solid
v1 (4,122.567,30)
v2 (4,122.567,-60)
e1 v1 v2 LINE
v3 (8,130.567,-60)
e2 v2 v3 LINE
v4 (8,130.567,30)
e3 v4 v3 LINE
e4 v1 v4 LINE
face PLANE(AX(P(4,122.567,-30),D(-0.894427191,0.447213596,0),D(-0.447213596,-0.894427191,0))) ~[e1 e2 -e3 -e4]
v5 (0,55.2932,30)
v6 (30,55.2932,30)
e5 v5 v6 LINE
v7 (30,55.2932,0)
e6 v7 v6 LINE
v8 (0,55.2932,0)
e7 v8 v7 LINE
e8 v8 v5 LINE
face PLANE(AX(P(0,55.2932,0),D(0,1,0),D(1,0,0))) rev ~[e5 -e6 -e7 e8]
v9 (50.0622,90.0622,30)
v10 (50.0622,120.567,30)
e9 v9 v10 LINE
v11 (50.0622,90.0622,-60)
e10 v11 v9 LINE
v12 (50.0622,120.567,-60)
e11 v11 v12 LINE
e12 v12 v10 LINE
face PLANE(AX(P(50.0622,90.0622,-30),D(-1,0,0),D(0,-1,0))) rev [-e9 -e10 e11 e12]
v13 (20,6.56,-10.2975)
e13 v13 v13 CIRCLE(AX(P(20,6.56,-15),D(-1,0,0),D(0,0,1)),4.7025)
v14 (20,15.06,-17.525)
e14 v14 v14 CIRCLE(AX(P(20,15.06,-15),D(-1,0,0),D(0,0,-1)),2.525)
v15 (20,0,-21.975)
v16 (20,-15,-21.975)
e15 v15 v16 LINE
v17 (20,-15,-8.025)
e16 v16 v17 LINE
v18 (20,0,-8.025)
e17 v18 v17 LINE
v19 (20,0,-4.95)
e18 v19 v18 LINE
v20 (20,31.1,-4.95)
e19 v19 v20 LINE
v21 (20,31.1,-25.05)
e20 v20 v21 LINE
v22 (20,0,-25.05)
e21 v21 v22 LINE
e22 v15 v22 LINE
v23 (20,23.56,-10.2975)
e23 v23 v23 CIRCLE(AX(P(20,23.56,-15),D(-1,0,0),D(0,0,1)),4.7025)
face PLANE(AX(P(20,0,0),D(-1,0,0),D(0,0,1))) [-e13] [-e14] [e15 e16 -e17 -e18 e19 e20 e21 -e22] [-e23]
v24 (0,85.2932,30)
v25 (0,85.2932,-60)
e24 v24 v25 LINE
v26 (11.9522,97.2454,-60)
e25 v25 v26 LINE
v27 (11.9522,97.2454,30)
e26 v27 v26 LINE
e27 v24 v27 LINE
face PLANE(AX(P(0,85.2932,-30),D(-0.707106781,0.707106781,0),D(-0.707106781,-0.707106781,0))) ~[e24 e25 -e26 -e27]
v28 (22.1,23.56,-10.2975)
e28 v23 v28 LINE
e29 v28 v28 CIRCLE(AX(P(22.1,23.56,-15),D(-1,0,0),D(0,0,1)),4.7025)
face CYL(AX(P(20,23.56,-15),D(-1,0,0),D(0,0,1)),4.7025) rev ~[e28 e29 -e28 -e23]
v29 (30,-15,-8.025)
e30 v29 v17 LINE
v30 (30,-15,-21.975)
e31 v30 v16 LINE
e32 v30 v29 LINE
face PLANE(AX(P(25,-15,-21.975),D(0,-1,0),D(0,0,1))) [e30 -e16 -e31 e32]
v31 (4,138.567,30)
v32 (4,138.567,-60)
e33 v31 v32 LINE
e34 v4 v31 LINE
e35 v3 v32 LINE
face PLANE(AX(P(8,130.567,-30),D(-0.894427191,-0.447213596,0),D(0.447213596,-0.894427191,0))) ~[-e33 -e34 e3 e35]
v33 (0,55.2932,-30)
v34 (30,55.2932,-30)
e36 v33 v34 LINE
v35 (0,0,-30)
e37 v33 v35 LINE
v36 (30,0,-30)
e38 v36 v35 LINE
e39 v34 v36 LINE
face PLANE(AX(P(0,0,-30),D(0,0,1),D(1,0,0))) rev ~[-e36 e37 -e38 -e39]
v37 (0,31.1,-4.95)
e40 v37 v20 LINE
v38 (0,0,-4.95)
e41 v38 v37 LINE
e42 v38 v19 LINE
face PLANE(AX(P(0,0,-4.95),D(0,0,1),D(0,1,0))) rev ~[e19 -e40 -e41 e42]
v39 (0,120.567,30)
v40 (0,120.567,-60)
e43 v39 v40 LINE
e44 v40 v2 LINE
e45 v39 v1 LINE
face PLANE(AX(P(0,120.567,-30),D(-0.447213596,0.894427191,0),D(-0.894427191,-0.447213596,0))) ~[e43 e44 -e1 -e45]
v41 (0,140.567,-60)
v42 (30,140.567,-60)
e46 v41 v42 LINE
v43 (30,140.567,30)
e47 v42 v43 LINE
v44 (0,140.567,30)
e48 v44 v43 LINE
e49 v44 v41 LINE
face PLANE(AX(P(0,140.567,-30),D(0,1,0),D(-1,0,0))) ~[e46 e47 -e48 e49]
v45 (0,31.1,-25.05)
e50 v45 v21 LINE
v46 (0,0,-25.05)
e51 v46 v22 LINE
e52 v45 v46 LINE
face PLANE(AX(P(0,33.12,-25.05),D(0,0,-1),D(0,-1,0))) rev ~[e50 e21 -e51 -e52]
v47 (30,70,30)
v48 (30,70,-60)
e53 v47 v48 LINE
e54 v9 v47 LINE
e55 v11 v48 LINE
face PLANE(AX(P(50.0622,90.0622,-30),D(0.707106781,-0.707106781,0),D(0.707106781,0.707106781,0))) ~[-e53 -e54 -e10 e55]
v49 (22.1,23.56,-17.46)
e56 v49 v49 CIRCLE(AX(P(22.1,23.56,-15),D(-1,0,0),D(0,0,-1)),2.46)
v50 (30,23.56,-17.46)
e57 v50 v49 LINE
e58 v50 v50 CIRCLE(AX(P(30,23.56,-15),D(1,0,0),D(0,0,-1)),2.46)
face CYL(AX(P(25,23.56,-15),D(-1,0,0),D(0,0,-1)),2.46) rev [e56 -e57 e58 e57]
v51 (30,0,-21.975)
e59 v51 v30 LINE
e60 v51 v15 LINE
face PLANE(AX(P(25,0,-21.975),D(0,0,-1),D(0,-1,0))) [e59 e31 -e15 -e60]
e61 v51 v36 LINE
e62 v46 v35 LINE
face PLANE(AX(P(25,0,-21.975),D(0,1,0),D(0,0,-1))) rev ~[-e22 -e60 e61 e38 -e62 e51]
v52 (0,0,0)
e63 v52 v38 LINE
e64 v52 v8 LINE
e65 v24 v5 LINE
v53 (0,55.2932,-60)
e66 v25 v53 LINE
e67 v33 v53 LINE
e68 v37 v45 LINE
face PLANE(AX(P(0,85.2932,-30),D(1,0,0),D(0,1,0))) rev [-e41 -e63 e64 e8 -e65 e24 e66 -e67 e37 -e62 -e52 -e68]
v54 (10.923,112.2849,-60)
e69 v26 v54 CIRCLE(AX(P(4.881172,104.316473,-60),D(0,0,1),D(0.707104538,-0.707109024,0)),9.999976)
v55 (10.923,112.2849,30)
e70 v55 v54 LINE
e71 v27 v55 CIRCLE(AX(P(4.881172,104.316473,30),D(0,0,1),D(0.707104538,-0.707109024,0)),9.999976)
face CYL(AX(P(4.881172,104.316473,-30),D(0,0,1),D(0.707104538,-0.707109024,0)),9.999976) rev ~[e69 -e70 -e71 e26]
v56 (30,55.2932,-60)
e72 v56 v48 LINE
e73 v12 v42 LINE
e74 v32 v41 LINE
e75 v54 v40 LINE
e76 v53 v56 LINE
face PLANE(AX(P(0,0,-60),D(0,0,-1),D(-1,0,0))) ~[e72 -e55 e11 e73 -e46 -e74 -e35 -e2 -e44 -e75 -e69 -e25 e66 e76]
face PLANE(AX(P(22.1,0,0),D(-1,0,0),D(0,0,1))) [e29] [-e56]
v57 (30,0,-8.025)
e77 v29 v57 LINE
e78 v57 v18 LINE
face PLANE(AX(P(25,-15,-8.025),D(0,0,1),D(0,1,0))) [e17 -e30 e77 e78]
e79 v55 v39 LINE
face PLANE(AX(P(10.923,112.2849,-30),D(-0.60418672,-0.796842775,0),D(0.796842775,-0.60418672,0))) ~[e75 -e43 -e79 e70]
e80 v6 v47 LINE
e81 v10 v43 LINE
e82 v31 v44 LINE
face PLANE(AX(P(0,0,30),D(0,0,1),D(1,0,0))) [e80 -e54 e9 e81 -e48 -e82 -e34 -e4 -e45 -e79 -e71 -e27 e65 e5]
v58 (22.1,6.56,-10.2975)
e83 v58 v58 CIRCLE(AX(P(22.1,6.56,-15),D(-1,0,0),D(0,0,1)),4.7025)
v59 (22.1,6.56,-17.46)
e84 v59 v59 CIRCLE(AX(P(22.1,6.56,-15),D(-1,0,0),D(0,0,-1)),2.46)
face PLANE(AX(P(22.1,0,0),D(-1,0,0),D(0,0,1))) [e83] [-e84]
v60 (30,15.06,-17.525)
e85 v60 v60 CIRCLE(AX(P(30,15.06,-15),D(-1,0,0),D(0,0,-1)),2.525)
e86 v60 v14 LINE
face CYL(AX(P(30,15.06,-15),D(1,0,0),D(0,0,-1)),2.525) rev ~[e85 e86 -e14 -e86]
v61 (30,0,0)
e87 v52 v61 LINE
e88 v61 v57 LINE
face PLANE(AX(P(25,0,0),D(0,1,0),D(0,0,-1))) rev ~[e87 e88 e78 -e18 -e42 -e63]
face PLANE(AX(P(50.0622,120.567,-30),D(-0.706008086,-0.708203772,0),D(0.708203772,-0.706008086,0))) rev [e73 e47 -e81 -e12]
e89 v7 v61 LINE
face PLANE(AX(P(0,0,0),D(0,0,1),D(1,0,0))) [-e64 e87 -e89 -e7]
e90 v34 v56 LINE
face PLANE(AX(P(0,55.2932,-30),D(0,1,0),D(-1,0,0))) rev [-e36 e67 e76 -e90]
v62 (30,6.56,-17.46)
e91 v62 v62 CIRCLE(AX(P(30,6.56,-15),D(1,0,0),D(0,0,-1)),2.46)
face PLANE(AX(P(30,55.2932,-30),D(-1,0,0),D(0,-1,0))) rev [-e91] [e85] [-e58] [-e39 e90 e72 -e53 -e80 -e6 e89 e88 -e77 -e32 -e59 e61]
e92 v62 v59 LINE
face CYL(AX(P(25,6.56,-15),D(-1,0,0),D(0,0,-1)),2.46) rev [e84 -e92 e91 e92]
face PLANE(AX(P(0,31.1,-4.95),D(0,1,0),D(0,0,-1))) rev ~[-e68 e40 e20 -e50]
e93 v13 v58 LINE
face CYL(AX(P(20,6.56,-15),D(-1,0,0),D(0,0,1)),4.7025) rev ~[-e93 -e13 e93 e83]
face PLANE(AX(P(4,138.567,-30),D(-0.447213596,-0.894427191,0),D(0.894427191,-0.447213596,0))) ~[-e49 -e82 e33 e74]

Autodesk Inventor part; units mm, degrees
ref_plane "YZ Plane" through (0, 0, 0) normal (1, 0, 0) x (0, 1, 0)
ref_plane "XZ Plane" through (0, 0, 0) normal (0, 1, 0) x (-1, 0, 0)
sketch "Sketch1" plane through (0, 0, 0) normal (0, 0, 1) x (1, 0, 0)
  line L0 (0, 0) -> (25, 0)
  line L1 (25, 0) -> (25, 40)
  line L2 (25, 40) -> (0, 40)
  line L3 (0, 40) -> (0, 0)
  dimension "d1" = 25
  dimension "d2" = 40
  dimension "d3" = 25
extrude "Extrusion1" add sketch "Sketch1" against normal blind 30
sketch "Sketch2" plane through (25, 0, 0) normal (1, 0, 0) x (0, 0, -1)
  line L0 (0, 0) -> (30, 0) projected
  circle A0 centre (15, 6.56) radius 2.46
extrude "Extrusion2" cut sketch "Sketch2" against normal blind 30
sketch "Sketch3" plane through (0, 0, 0) normal (-1, 0, 0) x (0, 0, 1)
  line L0 (0, 0) -> (-30, 0) projected
  line L1 (-25.05, 0) -> (-4.95, 0)
  line L2 (-4.95, 0) -> (-4.95, 33.12)
  line L3 (-4.95, 33.12) -> (-25.05, 33.12)
  line L4 (-25.05, 33.12) -> (-25.05, 0)
  dimension "d11" = 20.1
extrude "Extrusion3" cut sketch "Sketch3" against normal blind 20
sketch "Sketch4" plane through (0, 0, 0) normal (0, -1, 0) x (1, 0, 0)
  line L0 (20, -4.95) -> (20, -25.05) projected
  line L1 (20, -15) -> (25, -15)
  line L2 (25, 0) -> (25, -30) projected
  line L3 (20, -8.025) -> (25, -8.025)
  line L4 (25, -8.025) -> (25, -21.975)
  line L5 (25, -21.975) -> (20, -21.975)
  line L6 (20, -21.975) -> (20, -8.025)
  line L7 (20, -8.025) -> (25, -21.975) construction
  line L8 (25, -8.025) -> (20, -21.975) construction
  line L9 (25, -12.54) -> (25, -17.46) projected
  point P0 (0, 0)
  point P1 (22.5, -15)
  dimension "d14" = 13.95
extrude "Extrusion4" add sketch "Sketch4" along normal blind 15
sketch "Sketch5" plane through (20, 0, 0) normal (-1, 0, 0) x (0, 0, 1)
  circle A0 centre (-15, 6.56) radius 2.46 projected
  circle A1 centre (-15, 6.56) radius 4.7025
  circle A2 centre (-15, 6.56) radius 2.46 projected
  circle A3 centre (-15, 6.56) radius 2.46
  point P0 (0, 0)
  dimension "d17" = 9.405
extrude "Extrusion5" cut sketch "Sketch5" against normal blind 2.1
sketch "Sketch6" plane through (25, 0, 0) normal (1, 0, 0) x (0, 0, -1)
  circle A0 centre (15, 6.56) radius 4.7025 projected
  line L0 (15, 6.56) -> (15, 23.56)
  circle A1 centre (15, 23.56) radius 2.46
  point P0 (0, 0)
  dimension "d20" = 17
  dimension "d21" = 4.92
extrude "Extrusion6" cut sketch "Sketch6" against normal blind 10 contours A1
sketch "Sketch7" plane through (20, 0, 0) normal (-1, 0, 0) x (0, 0, 1)
  circle A0 centre (-15, 23.56) radius 2.46 projected
  circle A1 centre (-15, 23.56) radius 4.7025
  point P0 (0, 0)
  dimension "d24" = 9.405
extrude "Extrusion7" cut sketch "Sketch7" against normal blind 2.1
sketch "Sketch9" plane through (25, 0, 0) normal (1, 0, 0) x (0, 0, -1)
  circle A0 centre (15, 6.56) radius 2.46 projected
  circle A1 centre (15, 6.56) radius 2.46
  circle A2 centre (15, 23.56) radius 2.46 projected
  circle A3 centre (15, 23.56) radius 2.46
  line L0 (30, 40) -> (30, 0) projected
  line L1 (30, 0) -> (30, 40)
  line L2 (30, 40) -> (0, 40)
  line L3 (0, 40) -> (0, 0)
  line L4 (0, 0) -> (8.025, 0) projected
  line L5 (21.975, 0) -> (21.975, -15)
  line L6 (21.975, -15) -> (8.025, -15)
  line L7 (8.025, -15) -> (8.025, 0)
  line L8 (0, 0) -> (8.025, 0)
  line L9 (21.975, 0) -> (30, 0)
extrude "Extrusion8" add sketch "Sketch9" along normal blind 5
sketch "Sketch10" plane through (0, 40, 0) normal (0, 1, 0) x (1, 0, 0)
  line L0 (0, 30) -> (30, 30) projected
  line L1 (30, 0) -> (0, 0) projected
  line L2 (0, 30) -> (30, 30)
  line L3 (30, 30) -> (30, 0)
  line L4 (30, 0) -> (0, 0)
  line L5 (0, 0) -> (0, 30)
extrude "Extrusion9" add sketch "Sketch10" along normal blind 30
sketch "Sketch12" plane through (30, 0, 0) normal (1, 0, 0) x (0, 0, -1)
  circle A0 centre (15, 6.56) radius 2.46 projected
  line L0 (15, 6.56) -> (15, 15.06)
  circle A1 centre (15, 15.06) radius 2.525
  point P0 (0, 0)
  dimension "d31" = 8.5
  dimension "d33" = 5.05
extrude "Extrusion10" cut sketch "Sketch12" against normal blind 30 contours A1
sketch "Sketch15" plane through (0, 0, -25.05) normal (-1, 0, 0) x (0, 0, 1)
  line L0 (0, 33.12) -> (20.1, 33.12) projected
  line L1 (20.1, 33.12) -> (20.1, 0) projected
  line L2 (0, 33.12) -> (20.1, 33.12)
  line L3 (20.1, 33.12) -> (20.1, 31.1)
  line L4 (20.1, 31.1) -> (0, 31.1)
  line L5 (0, 31.1) -> (0, 33.12)
  point P0 (25.05, 0)
  dimension "d57" = 2.02
extrude "Extrusion13" add sketch "Sketch15" against normal blind 20
sketch "Sketch17" plane through (0, 0, 0) normal (0, 0, 1) x (1, 0, 0)
  line L0 (0, 70) -> (30, 70) projected
  line L1 (30, 70) -> (50.0622, 90.0622)
  line L2 (30, 70) -> (80, 70) construction
  line L3 (11.9522, 97.2454) -> (0, 85.2932)
  line L4 (0, 70) -> (0, 85.2932)
  line L5 (0, 70) -> (0, 0) projected
  line L6 (0, 70) -> (30, 70)
  line L7 (10.923, 112.2849) -> (0, 120.567)
  line L8 (50.0622, 105.3553) -> (50.0622, 120.567)
  line L9 (50.0622, 105.3553) -> (50.0622, 90.0622)
  arc A0 (11.9522, 97.2454) -> (10.923, 112.2849) centre (4.8811, 104.3165) ccw
  line L10 (4, 138.567) -> (0, 140.567)
  line L11 (4, 122.567) -> (0, 120.567)
  line L12 (4, 122.567) -> (8, 130.567)
  line L13 (4, 138.567) -> (8, 130.567)
  line L14 (0, 140.567) -> (30, 140.567)
  line L15 (30, 140.567) -> (50.0622, 120.567)
  dimension "d61" = 45
  dimension "d62" = 32.0271
  dimension "d72" = 10
extrude "Extrusion14" add sketch "Sketch17" against normal blind 30
sketch "Sketch21" plane through (0, 0, 0) normal (0, 0, 1) x (1, 0, 0)
  line L0 (50.0622, 90.0622) -> (30, 70) projected
  line L1 (30, 70) -> (50.0622, 90.0622)
  line L2 (50.0622, 90.0622) -> (50.0622, 120.567) projected
  line L3 (50.0622, 90.0622) -> (50.0622, 120.567)
  line L4 (0, 140.567) -> (30, 140.567) projected
  line L5 (50.0622, 120.567) -> (30, 140.567)
  line L6 (30, 140.567) -> (0, 140.567)
  line L7 (4, 138.567) -> (0, 140.567) projected
  line L8 (0, 140.567) -> (4, 138.567)
  line L9 (8, 130.567) -> (4, 138.567) projected
  line L10 (4, 138.567) -> (8, 130.567)
  line L11 (4, 122.567) -> (8, 130.567) projected
  line L12 (8, 130.567) -> (4, 122.567)
  line L13 (0, 120.567) -> (4, 122.567) projected
  line L14 (4, 122.567) -> (0, 120.567)
  line L15 (10.923, 112.2849) -> (0, 120.567) projected
  line L16 (0, 120.567) -> (10.923, 112.2849)
  line L17 (0, 85.2932) -> (11.9522, 97.2454) projected
  line L18 (11.9522, 97.2454) -> (0, 85.2932)
  line L19 (0, 85.2932) -> (0, 55.2932)
  line L20 (0, 55.2932) -> (30, 55.2932)
  line L21 (30, 55.2932) -> (30, 70)
  arc A0 (11.9522, 97.2454) -> (10.923, 112.2849) centre (4.8811, 104.3165) ccw
  dimension "d79" = 30
  dimension "d81" = 30
extrude "Extrusion15" add sketch "Sketch21" along normal blind 30
ref_plane "Work Plane1" through (0, 0, -15) normal (0, 0, 1) x (1, 0, 0)
mirror "Mirror1" about plane through (0, 0, -15) normal (0, 0, 1) of "Extrusion15"
properties part number "rec_c_16mm_x_90mm"
